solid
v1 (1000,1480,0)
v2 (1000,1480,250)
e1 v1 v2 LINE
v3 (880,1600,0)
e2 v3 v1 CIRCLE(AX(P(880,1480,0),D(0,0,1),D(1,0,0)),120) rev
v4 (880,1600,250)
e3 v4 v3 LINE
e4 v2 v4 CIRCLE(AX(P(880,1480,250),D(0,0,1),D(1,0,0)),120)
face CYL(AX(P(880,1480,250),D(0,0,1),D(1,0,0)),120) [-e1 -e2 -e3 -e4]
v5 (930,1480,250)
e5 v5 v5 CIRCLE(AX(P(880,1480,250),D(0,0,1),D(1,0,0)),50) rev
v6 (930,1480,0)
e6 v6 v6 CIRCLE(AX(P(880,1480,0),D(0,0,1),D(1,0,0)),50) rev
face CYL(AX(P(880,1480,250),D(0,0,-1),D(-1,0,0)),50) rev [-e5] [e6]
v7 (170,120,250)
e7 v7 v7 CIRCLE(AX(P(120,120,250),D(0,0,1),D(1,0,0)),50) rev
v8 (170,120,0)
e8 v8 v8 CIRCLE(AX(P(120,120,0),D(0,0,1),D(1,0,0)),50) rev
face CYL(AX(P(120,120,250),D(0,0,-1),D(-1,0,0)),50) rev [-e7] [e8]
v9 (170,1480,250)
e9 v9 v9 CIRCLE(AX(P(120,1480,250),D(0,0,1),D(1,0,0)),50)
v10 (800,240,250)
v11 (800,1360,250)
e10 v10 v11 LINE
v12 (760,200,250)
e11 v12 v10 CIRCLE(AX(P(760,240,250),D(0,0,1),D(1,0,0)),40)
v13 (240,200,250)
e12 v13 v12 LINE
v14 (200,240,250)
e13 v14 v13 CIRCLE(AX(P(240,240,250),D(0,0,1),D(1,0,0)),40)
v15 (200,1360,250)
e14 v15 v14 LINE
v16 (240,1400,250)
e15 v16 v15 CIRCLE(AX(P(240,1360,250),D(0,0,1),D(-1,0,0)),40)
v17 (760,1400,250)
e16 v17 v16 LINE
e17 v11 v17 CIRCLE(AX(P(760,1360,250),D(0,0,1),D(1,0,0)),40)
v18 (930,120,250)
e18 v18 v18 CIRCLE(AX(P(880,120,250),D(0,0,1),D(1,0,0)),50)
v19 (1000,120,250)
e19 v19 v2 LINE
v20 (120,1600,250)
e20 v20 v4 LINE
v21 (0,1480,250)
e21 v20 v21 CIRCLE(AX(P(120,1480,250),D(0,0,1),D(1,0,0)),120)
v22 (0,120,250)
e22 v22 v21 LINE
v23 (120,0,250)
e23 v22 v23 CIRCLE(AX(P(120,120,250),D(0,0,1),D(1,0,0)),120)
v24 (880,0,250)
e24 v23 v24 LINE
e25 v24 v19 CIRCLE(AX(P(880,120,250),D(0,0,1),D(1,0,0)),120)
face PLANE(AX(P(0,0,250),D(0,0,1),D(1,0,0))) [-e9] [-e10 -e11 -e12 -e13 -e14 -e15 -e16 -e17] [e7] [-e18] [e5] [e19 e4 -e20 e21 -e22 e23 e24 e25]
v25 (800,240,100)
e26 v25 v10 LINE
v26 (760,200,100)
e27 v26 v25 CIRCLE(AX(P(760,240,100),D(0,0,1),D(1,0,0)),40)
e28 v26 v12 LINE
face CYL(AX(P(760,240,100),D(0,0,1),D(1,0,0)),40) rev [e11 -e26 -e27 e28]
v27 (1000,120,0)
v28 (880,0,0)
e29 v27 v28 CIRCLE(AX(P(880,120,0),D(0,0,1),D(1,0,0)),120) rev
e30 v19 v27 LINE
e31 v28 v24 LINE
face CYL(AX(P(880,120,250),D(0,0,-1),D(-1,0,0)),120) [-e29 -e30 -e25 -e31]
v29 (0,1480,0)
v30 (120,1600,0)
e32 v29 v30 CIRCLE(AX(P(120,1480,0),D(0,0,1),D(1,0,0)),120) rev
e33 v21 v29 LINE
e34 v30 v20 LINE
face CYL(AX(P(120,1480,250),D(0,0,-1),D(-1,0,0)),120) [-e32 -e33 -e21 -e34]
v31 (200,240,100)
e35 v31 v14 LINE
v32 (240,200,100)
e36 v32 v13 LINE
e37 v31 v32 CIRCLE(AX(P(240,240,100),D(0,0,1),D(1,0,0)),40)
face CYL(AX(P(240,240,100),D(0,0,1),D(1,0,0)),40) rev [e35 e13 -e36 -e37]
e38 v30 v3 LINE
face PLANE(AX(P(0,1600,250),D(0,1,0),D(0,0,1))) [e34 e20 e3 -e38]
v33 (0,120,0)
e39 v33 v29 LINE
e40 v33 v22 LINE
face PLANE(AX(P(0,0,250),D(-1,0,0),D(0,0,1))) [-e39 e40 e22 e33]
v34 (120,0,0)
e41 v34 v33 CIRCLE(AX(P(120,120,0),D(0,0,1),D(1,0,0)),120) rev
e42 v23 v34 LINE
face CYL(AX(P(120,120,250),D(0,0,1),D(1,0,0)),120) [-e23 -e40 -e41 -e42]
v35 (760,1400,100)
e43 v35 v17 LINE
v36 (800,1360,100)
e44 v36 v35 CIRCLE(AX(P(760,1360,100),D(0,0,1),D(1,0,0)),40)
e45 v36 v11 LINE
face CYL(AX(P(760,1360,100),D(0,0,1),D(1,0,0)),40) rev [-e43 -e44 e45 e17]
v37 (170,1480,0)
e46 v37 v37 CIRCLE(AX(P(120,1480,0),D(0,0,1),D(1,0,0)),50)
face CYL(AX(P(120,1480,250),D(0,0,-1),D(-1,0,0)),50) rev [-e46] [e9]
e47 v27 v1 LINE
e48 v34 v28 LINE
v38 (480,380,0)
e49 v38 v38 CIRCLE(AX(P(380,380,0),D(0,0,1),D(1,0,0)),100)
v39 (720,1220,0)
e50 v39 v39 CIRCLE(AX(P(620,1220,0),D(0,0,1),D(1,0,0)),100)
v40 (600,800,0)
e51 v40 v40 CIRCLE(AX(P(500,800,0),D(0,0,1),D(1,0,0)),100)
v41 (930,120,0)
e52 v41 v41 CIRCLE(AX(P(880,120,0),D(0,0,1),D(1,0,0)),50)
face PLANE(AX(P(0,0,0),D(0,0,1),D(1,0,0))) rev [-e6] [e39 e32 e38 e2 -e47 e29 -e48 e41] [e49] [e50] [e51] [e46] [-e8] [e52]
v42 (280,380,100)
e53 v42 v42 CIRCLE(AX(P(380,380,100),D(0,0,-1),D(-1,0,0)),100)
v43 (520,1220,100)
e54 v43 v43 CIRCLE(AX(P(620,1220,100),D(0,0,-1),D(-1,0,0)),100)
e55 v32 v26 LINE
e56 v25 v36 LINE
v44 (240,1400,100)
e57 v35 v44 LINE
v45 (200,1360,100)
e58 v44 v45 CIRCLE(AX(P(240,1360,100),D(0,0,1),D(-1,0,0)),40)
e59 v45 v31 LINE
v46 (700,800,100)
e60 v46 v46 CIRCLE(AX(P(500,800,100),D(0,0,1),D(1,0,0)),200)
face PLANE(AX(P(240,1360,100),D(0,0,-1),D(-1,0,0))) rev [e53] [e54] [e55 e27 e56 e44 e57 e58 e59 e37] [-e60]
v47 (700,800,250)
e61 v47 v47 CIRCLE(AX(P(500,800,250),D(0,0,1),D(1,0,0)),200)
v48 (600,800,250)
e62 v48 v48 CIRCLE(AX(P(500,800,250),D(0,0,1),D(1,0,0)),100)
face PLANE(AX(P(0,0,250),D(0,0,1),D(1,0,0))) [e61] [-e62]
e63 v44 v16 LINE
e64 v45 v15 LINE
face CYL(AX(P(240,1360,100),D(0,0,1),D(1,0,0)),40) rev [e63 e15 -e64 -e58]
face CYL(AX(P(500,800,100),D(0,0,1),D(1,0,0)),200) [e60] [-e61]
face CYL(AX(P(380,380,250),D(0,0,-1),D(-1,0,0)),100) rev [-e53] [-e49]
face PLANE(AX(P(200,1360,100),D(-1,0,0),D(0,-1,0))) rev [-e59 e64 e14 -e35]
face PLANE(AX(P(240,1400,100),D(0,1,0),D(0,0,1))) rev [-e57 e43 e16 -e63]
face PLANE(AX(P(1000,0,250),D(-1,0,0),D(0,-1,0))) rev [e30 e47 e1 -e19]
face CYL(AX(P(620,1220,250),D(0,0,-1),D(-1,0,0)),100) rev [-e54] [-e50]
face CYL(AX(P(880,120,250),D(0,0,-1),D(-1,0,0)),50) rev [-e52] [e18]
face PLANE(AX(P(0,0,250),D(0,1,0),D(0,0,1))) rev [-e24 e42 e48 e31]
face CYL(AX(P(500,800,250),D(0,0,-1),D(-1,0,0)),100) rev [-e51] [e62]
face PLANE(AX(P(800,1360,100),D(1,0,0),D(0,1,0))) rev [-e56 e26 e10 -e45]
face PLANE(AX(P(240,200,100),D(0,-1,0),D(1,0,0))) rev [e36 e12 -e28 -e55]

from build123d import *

# Parameters (mm, degrees)
ESQUISSE1_W             = 1000
ESQUISSE1_H             = 1600
ESQUISSE1_R             = 50
ESQUISSE1_W_2           = 600
ESQUISSE1_H_2           = 1200
ESQUISSE1_R_2           = 100
ESQUISSE1_R_3           = 200
BOSS_EXTRU_1_DEPTH      = 250
ESQUISSE3_R             = 200
ENL_V_MAT_EXTRU_1_DEPTH = 150
CONG_1_R                = 120


with BuildPart() as part:
    # Esquisse1 → Boss.-Extru.1 (new body)
    # profile 1 of 3: a face of its own
    with BuildSketch(Plane.XY):
        with Locations((500, 800)):
            Rectangle(ESQUISSE1_W, ESQUISSE1_H)
        with Locations((880, 1480)):
            Circle(ESQUISSE1_R, mode=Mode.SUBTRACT)
        with Locations((120, 1480)):
            Circle(ESQUISSE1_R, mode=Mode.SUBTRACT)
        with Locations((880, 120)):
            Circle(ESQUISSE1_R, mode=Mode.SUBTRACT)
        with Locations((120, 120)):
            Circle(ESQUISSE1_R, mode=Mode.SUBTRACT)
        with Locations((500, 800)):
            Rectangle(ESQUISSE1_W_2, ESQUISSE1_H_2, mode=Mode.SUBTRACT)
    # profile 2 of 3: a face of its own
    with BuildSketch(Plane.XY):
        with Locations((500, 800)):
            Rectangle(ESQUISSE1_W_2, ESQUISSE1_H_2)
        with Locations((620, 1220)):
            Circle(ESQUISSE1_R_2, mode=Mode.SUBTRACT)
        with Locations((380, 380)):
            Circle(ESQUISSE1_R_2, mode=Mode.SUBTRACT)
        with Locations((500, 800)):
            Circle(ESQUISSE1_R_3, mode=Mode.SUBTRACT)
    # profile 3 of 3: a face of its own
    with BuildSketch(Plane.XY):
        with Locations((500, 800)):
            Circle(ESQUISSE1_R_3)
        with Locations((500, 800)):
            Circle(ESQUISSE1_R_2, mode=Mode.SUBTRACT)
    extrude(amount=BOSS_EXTRU_1_DEPTH)

    # Esquisse3 → Enlèv. mat.-Extru.1 (cut)
    with BuildSketch(Plane.XY.offset(250)):
        with BuildLine():
            Line((240, 1400), (760, 1400))
            ThreePointArc((760, 1400), (788.284271247, 1388.284271247), (800, 1360))
            Line((800, 1360), (800, 240))
            ThreePointArc((800, 240), (788.284271247, 211.715728753), (760, 200))
            Line((760, 200), (240, 200))
            ThreePointArc((240, 200), (211.715728753, 211.715728753), (200, 240))
            Line((200, 240), (200, 1360))
            ThreePointArc((200, 1360), (211.715728753, 1388.284271247), (240, 1400))
        make_face()
        with Locations((500, 800)):
            Circle(ESQUISSE3_R, mode=Mode.SUBTRACT)
    extrude(amount=-ENL_V_MAT_EXTRU_1_DEPTH, mode=Mode.SUBTRACT)

    # Congé1
    cong_1_edges = [part.edges().sort_by_distance(p)[0] for p in [
        (0, 0, 125),
        (0, 1600, 125),
        (1000, 1600, 125),
        (1000, 0, 125),
    ]]
    fillet(cong_1_edges, radius=CONG_1_R)


solid = part.part
